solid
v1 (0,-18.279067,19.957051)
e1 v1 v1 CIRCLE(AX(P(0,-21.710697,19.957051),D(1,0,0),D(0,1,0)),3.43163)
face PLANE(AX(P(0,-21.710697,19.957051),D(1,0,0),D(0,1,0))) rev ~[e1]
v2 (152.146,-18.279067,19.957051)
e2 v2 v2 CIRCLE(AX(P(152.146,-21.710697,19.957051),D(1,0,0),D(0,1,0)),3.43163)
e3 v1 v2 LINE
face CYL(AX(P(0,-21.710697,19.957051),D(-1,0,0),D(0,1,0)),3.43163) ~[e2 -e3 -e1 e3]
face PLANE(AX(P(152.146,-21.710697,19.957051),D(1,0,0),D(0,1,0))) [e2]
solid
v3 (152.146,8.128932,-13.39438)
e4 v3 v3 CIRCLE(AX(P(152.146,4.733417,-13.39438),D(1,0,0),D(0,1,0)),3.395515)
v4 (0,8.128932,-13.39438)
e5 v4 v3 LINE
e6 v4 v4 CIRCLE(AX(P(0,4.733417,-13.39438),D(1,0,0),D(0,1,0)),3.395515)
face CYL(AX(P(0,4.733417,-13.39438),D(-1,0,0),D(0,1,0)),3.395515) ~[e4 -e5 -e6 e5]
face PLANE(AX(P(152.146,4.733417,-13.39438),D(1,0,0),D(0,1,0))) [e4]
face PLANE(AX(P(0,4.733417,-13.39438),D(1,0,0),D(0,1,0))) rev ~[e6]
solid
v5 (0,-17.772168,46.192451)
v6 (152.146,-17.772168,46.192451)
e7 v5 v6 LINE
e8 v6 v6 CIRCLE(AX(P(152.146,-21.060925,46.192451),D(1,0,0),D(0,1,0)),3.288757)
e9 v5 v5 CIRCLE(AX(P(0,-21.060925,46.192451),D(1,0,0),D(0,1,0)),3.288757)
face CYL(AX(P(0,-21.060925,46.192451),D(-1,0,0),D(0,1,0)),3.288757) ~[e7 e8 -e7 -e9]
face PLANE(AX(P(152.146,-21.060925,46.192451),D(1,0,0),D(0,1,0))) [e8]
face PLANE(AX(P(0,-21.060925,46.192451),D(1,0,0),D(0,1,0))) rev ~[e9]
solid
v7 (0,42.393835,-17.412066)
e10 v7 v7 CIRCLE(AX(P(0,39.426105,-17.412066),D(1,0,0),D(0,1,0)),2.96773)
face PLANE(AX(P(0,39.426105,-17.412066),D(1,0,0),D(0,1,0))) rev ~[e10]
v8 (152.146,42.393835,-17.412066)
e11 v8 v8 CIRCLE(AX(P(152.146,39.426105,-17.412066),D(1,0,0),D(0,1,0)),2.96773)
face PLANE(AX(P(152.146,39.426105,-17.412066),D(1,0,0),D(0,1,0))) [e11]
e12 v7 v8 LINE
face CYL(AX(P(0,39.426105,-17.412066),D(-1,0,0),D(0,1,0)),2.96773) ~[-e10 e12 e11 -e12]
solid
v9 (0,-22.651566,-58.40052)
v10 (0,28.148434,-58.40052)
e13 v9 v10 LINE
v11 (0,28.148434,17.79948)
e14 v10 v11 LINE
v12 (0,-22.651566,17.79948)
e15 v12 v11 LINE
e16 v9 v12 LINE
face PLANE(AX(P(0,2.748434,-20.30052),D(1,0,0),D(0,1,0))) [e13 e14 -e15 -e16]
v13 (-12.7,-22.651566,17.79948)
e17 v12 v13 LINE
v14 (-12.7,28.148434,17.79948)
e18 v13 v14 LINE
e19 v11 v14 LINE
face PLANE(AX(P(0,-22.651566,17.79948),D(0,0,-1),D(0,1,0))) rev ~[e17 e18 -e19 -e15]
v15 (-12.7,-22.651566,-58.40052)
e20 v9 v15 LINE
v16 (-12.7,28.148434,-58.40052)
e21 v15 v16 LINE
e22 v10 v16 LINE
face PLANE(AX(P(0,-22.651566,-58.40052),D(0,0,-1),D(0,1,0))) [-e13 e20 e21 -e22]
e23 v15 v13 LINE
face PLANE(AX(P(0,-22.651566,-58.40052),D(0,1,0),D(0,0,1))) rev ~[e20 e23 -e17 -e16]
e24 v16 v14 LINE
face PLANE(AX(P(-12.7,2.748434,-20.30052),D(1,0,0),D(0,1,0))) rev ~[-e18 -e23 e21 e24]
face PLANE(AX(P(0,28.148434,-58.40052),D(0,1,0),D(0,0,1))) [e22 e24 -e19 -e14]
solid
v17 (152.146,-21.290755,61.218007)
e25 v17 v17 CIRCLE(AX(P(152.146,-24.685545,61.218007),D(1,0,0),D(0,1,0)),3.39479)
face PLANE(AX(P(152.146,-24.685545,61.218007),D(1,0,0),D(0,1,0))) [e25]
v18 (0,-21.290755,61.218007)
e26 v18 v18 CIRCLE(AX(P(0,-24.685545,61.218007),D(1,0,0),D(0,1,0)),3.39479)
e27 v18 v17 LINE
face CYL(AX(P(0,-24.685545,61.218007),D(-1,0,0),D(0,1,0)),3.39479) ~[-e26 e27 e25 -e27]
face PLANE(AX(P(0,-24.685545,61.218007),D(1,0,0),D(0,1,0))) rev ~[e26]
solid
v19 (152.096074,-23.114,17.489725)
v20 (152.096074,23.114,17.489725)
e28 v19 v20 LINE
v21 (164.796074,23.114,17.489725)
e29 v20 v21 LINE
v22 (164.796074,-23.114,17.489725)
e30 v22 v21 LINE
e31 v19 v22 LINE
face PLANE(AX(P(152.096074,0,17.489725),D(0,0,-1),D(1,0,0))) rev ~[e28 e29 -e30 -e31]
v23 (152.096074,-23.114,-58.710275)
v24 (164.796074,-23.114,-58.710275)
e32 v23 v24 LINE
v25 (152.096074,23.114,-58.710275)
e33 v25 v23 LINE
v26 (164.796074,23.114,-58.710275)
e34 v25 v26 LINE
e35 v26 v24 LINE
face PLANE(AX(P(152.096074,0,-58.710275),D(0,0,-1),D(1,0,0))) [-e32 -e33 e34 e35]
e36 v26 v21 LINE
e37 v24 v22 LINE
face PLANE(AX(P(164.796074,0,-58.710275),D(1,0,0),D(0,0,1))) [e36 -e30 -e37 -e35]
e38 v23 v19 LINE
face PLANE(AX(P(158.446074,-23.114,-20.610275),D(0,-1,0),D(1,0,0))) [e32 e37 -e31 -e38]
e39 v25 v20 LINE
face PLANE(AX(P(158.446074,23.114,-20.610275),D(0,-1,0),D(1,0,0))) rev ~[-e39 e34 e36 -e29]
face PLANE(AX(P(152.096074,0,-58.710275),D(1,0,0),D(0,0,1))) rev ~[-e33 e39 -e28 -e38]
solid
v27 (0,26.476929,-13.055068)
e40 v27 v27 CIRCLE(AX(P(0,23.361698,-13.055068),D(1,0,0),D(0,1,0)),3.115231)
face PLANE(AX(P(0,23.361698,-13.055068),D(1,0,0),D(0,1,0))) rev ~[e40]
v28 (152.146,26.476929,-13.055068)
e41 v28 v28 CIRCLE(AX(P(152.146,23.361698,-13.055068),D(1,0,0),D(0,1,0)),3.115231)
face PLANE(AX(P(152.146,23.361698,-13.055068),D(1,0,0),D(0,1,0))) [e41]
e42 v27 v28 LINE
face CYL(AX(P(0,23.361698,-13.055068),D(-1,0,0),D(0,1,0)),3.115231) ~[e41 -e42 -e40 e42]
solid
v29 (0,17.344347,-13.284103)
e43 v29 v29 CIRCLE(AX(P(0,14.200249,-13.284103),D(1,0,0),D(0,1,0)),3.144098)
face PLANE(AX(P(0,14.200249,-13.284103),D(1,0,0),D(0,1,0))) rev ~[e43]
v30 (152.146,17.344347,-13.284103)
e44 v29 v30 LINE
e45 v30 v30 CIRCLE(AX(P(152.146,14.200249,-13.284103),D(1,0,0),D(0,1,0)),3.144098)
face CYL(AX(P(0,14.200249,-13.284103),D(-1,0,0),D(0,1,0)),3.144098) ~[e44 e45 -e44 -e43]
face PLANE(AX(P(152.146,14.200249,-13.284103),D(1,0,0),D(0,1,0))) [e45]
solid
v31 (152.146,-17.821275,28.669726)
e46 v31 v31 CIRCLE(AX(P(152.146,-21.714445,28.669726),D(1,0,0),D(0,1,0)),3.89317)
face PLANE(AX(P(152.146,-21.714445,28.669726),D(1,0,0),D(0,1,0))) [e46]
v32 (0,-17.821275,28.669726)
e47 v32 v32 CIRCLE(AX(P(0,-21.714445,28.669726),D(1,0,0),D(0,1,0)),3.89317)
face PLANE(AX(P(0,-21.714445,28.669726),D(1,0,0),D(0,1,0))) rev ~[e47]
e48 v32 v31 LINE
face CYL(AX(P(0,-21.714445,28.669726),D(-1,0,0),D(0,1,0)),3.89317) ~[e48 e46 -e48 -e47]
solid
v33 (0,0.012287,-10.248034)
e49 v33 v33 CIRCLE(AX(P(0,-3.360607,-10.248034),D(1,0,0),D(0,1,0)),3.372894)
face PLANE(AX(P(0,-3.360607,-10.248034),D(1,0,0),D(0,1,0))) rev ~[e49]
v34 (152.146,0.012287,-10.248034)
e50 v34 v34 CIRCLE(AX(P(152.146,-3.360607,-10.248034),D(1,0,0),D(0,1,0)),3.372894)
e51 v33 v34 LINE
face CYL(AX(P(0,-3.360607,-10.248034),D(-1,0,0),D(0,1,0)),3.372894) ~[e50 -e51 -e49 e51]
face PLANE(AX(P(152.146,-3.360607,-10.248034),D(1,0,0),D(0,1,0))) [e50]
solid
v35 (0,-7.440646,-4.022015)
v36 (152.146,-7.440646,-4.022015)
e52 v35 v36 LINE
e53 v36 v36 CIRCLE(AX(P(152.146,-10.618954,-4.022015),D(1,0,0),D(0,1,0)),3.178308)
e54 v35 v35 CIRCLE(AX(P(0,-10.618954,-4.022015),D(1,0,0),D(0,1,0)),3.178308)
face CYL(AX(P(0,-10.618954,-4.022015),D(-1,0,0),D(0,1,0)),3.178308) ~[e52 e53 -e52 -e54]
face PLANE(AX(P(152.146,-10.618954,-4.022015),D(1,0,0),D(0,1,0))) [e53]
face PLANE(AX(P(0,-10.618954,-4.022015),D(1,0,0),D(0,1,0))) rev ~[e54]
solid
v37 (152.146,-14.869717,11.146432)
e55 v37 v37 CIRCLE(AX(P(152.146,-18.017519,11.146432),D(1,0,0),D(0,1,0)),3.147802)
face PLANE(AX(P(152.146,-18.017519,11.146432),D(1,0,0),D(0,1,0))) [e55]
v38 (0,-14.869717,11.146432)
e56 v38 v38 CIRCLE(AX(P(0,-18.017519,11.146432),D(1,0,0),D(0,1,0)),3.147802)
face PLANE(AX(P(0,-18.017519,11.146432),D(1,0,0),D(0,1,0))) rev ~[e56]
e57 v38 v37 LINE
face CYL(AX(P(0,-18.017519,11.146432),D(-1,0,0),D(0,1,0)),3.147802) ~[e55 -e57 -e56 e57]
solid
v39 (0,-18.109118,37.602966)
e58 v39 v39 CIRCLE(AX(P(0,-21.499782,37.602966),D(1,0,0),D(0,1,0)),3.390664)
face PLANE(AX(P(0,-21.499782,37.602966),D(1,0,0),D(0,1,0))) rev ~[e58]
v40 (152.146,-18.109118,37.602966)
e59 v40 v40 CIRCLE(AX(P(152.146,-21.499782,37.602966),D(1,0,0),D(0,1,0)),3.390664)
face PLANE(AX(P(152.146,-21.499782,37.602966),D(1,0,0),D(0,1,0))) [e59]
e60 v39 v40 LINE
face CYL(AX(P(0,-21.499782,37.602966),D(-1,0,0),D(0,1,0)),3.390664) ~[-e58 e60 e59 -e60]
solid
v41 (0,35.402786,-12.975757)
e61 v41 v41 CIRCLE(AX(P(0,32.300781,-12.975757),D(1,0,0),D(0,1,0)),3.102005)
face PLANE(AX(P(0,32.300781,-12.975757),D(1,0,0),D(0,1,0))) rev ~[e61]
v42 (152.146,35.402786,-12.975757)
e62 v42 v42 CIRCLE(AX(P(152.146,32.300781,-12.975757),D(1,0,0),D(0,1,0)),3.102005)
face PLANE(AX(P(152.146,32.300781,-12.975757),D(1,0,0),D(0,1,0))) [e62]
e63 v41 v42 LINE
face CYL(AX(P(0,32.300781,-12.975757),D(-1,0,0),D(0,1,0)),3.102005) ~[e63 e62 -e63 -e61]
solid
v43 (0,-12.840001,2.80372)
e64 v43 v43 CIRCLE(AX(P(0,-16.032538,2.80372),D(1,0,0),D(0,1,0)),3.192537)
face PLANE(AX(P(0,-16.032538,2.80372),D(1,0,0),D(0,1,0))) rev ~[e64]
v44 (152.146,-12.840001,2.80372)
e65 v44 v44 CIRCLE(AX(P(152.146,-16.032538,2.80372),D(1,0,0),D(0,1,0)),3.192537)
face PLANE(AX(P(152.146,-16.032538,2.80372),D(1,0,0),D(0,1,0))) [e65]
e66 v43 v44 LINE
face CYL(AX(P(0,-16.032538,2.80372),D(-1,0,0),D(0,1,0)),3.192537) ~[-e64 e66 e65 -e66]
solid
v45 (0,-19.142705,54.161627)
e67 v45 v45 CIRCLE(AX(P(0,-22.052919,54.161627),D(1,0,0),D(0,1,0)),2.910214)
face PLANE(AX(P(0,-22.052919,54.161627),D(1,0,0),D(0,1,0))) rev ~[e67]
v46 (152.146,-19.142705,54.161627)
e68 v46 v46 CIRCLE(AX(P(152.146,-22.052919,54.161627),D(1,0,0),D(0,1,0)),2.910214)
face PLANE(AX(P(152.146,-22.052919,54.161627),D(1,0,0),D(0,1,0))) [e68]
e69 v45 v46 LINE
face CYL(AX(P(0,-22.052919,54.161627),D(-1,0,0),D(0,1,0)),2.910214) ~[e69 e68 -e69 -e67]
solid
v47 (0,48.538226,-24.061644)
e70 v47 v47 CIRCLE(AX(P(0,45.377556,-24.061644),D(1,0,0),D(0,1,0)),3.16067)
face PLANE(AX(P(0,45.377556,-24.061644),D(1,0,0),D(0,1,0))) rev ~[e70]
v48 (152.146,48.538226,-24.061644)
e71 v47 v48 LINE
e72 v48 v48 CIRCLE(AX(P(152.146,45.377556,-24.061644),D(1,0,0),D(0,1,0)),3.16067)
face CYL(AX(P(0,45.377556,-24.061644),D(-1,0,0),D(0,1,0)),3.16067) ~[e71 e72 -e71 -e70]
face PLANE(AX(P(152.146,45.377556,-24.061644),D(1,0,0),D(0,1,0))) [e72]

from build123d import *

# Parameters (mm, degrees)
F0_R     = 3.16067
F0_R_2   = 2.96773
F0_R_3   = 3.102005
F0_R_4   = 3.115231
F0_R_5   = 3.144098
F0_R_6   = 3.395515
F0_R_7   = 3.372894
F0_R_8   = 3.178308
F0_R_9   = 3.192537
F0_R_10  = 3.147802
F0_R_11  = 3.43163
F0_R_12  = 3.89317
F0_R_13  = 3.390664
F0_R_14  = 3.288757
F0_R_15  = 2.910214
F0_R_16  = 3.39479
F1_DEPTH = 152.146
F2_W     = 50.8
F2_H     = 76.2
F3_DEPTH = 12.7
F4_W     = 12.7
F4_H     = 76.2
F5_DEPTH = 23.114


with BuildPart() as f1:
    # F0 (on Right) → F1 (new body)
    with BuildSketch(Plane.YZ):
        with Locations((45.377556, -24.061644)):
            Circle(F0_R)
        with Locations((39.426105, -17.412066)):
            Circle(F0_R_2)
        with Locations((32.300781, -12.975757)):
            Circle(F0_R_3)
        with Locations((23.361698, -13.055068)):
            Circle(F0_R_4)
        with Locations((14.200249, -13.284103)):
            Circle(F0_R_5)
        with Locations((4.733417, -13.39438)):
            Circle(F0_R_6)
        with Locations((-3.360607, -10.248034)):
            Circle(F0_R_7)
        with Locations((-10.618954, -4.022015)):
            Circle(F0_R_8)
        with Locations((-16.032538, 2.80372)):
            Circle(F0_R_9)
        with Locations((-18.017519, 11.146432)):
            Circle(F0_R_10)
        with Locations((-21.710697, 19.957051)):
            Circle(F0_R_11)
        with Locations((-21.714445, 28.669726)):
            Circle(F0_R_12)
        with Locations((-21.499782, 37.602966)):
            Circle(F0_R_13)
        with Locations((-21.060925, 46.192451)):
            Circle(F0_R_14)
        with Locations((-22.052919, 54.161627)):
            Circle(F0_R_15)
        with Locations((-24.685545, 61.218007)):
            Circle(F0_R_16)
    extrude(amount=F1_DEPTH)


with BuildPart() as f3:
    # F2 (on Right) → F3 (new body)
    with BuildSketch(Plane.YZ):
        with Locations((2.748434, -20.30052)):
            Rectangle(F2_W, F2_H)
    extrude(amount=-F3_DEPTH)


with BuildPart() as f5:
    # F4 (on Front) → F5 (new body, symmetric)
    with BuildSketch(Plane.XZ):
        with Locations((158.446074, -20.610275)):
            Rectangle(F4_W, F4_H)
    extrude(amount=F5_DEPTH, both=True)


solid = Compound([f1.part, f3.part, f5.part])
